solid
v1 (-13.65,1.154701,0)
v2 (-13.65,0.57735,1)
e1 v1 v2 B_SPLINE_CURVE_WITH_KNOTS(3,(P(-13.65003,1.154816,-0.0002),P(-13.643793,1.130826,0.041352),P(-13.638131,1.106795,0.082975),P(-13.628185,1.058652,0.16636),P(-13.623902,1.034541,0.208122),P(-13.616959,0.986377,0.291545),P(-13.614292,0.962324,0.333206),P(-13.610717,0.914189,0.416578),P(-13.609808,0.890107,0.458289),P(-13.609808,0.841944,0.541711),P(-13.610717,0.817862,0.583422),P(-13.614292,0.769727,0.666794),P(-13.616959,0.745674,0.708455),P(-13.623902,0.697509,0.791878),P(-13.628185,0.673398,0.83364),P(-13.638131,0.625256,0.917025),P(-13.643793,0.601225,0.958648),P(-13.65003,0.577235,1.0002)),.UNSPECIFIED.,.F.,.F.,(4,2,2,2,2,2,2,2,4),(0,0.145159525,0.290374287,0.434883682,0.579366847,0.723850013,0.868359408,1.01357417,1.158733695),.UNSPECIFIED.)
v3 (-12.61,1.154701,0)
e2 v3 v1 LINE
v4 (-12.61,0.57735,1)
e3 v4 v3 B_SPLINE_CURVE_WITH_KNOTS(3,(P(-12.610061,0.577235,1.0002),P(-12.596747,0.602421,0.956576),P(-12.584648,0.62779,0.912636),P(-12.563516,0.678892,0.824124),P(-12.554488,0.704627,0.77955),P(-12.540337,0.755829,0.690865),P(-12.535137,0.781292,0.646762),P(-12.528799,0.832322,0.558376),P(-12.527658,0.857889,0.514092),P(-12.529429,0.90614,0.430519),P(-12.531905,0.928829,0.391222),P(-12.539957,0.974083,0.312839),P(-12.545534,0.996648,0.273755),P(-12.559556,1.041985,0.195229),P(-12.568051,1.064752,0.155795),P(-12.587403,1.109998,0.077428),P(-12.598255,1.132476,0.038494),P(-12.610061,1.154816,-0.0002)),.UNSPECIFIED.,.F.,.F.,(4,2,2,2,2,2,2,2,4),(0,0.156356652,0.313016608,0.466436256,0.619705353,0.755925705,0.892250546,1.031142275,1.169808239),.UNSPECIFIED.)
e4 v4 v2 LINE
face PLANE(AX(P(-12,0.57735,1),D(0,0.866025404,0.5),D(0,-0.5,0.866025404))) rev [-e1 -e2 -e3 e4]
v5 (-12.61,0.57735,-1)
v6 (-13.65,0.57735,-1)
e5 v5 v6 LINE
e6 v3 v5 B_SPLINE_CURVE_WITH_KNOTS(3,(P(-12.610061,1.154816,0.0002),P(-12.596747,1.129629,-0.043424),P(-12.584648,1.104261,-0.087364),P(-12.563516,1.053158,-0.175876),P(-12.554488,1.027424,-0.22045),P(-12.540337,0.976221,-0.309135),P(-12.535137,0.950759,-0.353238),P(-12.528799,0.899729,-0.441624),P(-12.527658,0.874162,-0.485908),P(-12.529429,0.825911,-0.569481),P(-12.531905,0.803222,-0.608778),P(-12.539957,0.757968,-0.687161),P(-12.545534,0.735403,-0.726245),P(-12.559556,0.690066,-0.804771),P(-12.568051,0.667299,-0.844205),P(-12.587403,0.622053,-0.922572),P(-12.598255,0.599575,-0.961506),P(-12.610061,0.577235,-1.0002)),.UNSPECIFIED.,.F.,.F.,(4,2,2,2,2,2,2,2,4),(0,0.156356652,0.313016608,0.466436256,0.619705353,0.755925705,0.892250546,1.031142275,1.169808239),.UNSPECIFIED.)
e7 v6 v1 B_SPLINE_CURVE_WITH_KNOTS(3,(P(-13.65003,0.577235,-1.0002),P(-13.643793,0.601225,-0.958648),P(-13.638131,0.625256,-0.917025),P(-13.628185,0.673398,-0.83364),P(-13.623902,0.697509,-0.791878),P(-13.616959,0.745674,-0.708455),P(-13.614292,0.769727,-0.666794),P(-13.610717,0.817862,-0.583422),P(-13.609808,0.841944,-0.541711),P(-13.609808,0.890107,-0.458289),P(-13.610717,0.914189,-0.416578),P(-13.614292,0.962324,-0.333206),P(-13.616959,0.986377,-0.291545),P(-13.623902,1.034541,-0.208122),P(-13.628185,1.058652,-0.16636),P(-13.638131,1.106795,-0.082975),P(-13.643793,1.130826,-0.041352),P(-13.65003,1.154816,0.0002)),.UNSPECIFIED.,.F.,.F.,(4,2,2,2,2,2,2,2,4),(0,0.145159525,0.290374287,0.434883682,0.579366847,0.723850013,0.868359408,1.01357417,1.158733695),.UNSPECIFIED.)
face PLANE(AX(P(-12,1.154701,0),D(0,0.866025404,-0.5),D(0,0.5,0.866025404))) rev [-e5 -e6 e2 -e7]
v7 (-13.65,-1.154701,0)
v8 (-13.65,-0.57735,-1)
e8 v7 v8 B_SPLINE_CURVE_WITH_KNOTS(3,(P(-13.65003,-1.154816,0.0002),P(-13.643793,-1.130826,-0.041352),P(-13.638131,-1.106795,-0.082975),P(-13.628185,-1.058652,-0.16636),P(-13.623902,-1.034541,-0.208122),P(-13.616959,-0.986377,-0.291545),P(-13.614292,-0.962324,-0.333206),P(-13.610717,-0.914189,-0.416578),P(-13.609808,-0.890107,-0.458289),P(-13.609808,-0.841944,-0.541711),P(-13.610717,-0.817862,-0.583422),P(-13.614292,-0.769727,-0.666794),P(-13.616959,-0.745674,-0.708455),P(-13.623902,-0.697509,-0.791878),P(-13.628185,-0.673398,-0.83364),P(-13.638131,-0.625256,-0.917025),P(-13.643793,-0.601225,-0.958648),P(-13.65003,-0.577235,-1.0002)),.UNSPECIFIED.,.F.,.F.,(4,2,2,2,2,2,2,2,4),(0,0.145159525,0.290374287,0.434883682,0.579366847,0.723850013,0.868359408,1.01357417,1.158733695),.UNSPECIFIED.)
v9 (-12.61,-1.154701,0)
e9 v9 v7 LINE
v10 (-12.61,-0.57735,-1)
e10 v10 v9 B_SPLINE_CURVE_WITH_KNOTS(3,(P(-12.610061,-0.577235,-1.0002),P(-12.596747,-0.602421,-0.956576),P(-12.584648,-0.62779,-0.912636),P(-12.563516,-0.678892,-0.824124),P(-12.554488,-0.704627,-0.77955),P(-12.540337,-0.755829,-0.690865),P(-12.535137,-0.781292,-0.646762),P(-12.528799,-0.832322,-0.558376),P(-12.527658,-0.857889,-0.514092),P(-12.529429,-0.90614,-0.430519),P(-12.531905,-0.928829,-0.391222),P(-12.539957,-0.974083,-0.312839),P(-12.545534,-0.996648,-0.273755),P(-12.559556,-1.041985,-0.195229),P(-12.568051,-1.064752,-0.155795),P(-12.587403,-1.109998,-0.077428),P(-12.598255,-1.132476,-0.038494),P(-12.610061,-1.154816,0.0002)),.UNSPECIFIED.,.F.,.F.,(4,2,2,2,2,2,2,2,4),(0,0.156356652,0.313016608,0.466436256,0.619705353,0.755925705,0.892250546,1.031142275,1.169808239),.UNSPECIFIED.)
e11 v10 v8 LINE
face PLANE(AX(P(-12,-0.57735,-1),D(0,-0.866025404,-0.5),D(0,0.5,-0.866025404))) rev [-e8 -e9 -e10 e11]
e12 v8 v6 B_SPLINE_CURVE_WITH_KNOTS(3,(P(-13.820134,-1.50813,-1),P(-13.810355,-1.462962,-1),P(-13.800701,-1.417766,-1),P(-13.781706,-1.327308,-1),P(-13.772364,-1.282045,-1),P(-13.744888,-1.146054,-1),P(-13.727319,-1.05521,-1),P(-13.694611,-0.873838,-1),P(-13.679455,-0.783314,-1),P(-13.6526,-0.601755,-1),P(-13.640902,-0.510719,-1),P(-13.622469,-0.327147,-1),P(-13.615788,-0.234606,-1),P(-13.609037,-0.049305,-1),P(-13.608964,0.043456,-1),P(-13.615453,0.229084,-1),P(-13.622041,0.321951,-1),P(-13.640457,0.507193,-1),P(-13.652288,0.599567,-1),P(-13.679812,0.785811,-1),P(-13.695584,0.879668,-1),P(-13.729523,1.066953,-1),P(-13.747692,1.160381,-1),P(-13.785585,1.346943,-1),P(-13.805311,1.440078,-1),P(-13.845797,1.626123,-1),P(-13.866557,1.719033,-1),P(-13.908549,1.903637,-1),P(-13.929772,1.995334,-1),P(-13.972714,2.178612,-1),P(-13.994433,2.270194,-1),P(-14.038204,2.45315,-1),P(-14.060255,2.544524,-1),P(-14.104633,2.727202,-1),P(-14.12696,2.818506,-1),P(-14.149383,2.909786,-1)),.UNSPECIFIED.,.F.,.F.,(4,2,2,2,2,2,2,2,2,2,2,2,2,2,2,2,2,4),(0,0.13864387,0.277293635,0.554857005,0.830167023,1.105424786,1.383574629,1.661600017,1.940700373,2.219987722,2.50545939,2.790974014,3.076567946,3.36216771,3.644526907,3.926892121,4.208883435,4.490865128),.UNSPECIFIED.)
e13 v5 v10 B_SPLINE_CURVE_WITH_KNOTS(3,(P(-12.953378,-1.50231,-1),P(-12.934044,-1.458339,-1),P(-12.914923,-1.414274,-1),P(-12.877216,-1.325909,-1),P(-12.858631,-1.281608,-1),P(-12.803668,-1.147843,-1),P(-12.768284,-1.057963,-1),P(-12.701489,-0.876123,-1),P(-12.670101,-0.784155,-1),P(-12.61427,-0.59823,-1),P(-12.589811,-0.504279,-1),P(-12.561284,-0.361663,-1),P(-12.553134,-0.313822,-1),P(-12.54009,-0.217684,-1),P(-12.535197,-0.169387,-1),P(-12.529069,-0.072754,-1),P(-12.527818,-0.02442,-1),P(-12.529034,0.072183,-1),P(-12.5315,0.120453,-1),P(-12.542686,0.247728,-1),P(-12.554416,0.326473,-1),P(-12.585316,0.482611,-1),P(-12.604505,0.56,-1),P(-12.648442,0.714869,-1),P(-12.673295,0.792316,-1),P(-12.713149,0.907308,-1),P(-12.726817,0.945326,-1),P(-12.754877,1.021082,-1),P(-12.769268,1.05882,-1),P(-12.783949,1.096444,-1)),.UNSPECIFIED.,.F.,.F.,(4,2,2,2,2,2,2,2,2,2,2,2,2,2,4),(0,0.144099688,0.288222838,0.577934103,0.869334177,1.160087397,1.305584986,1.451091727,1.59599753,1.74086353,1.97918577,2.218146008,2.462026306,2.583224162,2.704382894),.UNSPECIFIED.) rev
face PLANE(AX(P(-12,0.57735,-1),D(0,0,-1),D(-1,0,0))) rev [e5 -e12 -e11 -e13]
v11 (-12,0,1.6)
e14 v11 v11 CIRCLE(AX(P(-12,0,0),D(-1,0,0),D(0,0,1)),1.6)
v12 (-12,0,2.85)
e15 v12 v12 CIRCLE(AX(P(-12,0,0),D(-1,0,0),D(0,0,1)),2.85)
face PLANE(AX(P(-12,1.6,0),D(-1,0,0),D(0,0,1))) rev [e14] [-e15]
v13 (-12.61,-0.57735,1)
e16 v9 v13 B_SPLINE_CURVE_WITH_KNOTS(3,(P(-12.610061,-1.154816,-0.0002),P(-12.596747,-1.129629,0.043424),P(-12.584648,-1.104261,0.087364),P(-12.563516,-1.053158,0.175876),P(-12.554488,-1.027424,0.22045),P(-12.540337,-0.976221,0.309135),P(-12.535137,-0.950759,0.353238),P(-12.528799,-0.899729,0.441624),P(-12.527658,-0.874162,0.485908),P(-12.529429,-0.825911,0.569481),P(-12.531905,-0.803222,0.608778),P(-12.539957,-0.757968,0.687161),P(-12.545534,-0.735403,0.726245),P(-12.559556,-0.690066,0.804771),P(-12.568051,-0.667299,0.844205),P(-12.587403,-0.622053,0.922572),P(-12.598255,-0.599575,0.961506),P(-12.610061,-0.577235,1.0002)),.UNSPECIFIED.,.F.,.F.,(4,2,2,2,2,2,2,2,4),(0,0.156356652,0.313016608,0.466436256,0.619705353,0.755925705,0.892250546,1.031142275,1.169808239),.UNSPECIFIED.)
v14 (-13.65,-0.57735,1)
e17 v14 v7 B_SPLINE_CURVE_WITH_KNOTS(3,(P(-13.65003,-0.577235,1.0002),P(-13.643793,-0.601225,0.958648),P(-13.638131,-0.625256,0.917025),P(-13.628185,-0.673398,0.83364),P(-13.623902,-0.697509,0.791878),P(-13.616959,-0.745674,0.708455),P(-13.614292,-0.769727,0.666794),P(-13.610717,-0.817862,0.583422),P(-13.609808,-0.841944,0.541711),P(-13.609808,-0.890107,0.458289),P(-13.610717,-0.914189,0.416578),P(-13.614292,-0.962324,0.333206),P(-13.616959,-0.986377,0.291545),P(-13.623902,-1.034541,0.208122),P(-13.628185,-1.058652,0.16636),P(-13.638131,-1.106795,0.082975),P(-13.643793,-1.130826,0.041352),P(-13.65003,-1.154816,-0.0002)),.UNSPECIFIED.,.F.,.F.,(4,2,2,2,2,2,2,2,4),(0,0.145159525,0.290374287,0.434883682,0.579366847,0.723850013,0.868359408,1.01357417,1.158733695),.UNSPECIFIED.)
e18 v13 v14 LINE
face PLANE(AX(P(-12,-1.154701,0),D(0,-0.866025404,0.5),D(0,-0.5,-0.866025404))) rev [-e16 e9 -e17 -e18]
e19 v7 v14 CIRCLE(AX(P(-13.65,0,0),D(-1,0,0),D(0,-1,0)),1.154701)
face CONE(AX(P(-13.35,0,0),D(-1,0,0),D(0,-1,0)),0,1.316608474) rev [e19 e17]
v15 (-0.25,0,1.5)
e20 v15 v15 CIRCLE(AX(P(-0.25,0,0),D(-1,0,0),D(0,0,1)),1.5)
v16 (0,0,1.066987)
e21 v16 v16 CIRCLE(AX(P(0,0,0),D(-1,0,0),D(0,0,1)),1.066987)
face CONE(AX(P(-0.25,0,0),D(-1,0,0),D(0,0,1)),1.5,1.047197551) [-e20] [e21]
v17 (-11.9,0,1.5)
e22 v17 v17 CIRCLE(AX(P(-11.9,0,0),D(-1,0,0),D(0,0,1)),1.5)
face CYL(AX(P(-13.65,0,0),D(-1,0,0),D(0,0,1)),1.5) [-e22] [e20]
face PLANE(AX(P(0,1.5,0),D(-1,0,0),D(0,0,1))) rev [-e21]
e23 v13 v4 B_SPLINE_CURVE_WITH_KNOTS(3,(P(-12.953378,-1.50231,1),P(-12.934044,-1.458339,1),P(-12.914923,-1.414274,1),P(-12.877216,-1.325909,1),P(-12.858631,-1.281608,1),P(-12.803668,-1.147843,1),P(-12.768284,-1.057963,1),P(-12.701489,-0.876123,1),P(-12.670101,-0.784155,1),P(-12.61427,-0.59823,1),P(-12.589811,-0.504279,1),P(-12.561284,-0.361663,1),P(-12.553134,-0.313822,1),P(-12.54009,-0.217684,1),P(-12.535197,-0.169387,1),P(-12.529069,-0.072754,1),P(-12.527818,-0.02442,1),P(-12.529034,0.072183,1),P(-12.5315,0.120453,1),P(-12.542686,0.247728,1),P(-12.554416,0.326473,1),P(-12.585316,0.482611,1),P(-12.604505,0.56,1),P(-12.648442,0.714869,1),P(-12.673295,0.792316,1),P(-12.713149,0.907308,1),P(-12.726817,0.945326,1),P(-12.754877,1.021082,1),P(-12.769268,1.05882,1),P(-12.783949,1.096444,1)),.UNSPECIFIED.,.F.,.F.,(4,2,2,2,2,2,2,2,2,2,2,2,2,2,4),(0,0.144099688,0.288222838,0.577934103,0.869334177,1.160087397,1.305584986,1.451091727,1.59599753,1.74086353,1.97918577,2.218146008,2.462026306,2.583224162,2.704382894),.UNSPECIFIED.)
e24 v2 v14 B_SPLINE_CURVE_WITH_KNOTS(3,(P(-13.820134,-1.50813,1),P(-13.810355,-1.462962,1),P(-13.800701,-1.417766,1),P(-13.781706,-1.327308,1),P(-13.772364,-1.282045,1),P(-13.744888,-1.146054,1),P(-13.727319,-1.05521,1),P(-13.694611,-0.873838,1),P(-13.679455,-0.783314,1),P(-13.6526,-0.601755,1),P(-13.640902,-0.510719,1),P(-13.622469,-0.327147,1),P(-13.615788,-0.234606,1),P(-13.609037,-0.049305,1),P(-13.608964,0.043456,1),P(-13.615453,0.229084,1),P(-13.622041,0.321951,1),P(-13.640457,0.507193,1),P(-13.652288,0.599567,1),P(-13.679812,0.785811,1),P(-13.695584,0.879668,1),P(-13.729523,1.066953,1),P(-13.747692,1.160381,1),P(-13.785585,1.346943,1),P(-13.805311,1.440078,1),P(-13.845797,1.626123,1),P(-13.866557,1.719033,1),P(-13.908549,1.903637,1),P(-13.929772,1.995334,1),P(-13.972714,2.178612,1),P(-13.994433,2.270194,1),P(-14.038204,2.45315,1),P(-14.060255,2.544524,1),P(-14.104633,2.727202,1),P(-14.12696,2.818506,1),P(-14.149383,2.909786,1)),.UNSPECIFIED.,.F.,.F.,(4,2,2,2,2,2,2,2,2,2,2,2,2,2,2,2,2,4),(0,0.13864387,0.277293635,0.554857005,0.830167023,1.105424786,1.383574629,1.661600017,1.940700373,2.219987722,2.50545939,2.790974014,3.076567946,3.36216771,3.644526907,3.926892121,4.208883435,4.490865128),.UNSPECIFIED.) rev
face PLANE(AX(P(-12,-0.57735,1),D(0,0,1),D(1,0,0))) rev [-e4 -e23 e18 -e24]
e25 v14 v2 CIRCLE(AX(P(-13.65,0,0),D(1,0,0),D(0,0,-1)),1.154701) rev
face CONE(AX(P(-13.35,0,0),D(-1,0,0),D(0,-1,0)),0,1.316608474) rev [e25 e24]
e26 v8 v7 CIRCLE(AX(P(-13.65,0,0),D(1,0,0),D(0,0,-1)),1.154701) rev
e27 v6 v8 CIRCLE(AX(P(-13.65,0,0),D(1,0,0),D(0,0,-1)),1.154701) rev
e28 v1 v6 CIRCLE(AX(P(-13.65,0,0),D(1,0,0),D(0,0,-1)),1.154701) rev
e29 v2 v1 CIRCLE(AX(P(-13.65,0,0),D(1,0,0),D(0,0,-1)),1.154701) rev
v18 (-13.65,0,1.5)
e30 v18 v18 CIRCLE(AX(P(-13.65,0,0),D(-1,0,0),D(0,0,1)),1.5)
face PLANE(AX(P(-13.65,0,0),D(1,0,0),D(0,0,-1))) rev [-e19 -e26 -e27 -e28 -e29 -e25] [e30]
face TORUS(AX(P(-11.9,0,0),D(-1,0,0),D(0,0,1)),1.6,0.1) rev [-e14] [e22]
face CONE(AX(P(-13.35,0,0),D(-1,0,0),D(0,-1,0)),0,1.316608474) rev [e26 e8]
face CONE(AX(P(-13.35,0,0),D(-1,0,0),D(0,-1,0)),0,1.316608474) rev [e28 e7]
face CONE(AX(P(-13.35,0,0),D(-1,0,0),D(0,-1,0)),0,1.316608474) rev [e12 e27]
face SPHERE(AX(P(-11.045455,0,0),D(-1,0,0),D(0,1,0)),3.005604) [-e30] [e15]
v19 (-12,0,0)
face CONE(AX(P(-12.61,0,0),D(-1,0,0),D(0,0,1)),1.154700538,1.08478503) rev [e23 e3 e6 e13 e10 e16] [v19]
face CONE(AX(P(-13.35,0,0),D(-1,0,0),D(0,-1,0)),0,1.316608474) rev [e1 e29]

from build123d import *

# Parameters (mm, degrees)
CUT_EXTRUDE_1_DEPTH = 1.65


with BuildPart() as part:
    # 草图1 → 旋转1 (revolve)
    with BuildSketch(Plane.XY):
        with BuildLine():
            Line((0, 1.5), (-11.9, 1.5))
            ThreePointArc((-11.9, 1.5), (-11.970710678, 1.529289322), (-12, 1.6))
            Line((-12, 1.6), (-12, 2.85))
            ThreePointArc((-12, 2.85), (-12.948716751, 2.326209363), (-13.65, 1.5))
            Line((-13.65, 1.5), (-13.65, 0))
            Line((-13.65, 0), (0, 0))
            Line((0, 0), (0, 1.5))
        make_face()
    revolve(axis=Axis((-13.65, 0, 0), (1, 0, 0)))

    # 草图2 → 切除-拉伸1 (cut)
    with BuildSketch(Plane.ZY.offset(13.65)):
        Polygon((0, 1.154700538), (-1, 0.577350269), (-1, -0.577350269), (0, -1.154700538), (1, -0.577350269), (1, 0.577350269), align=None)
    extrude(amount=-CUT_EXTRUDE_1_DEPTH, mode=Mode.SUBTRACT)

    # 草图6 → 旋转2 (revolve)
    with BuildSketch(Plane.XY):
        Polygon((-12.61, 1.154700538), (-12, 0), (-11.7, 0), (-11.7, 1.154700538), align=None)
    revolve(axis=Axis((-13.65, 0, 0), (1, 0, 0)))

    # 草图7 → 切除-旋转5 (revolve, cut)
    with BuildSketch(Plane.XY):
        Polygon((-13.65, 1.154700538), (-13.35, 0), (-13.65, 0), align=None)
    revolve(axis=Axis((-13.65, 0, 0), (1, 0, 0)), mode=Mode.SUBTRACT)

    # 草图4 → 切除-旋转1 (revolve, cut)
    with BuildSketch(Plane.XY):
        Polygon((-0.25, 1.5), (0, 1.066987298), (0.25, 1.5), align=None)
    revolve(axis=Axis((-0.25, 0, 0), (1, 0, 0)), mode=Mode.SUBTRACT)


solid = part.part
